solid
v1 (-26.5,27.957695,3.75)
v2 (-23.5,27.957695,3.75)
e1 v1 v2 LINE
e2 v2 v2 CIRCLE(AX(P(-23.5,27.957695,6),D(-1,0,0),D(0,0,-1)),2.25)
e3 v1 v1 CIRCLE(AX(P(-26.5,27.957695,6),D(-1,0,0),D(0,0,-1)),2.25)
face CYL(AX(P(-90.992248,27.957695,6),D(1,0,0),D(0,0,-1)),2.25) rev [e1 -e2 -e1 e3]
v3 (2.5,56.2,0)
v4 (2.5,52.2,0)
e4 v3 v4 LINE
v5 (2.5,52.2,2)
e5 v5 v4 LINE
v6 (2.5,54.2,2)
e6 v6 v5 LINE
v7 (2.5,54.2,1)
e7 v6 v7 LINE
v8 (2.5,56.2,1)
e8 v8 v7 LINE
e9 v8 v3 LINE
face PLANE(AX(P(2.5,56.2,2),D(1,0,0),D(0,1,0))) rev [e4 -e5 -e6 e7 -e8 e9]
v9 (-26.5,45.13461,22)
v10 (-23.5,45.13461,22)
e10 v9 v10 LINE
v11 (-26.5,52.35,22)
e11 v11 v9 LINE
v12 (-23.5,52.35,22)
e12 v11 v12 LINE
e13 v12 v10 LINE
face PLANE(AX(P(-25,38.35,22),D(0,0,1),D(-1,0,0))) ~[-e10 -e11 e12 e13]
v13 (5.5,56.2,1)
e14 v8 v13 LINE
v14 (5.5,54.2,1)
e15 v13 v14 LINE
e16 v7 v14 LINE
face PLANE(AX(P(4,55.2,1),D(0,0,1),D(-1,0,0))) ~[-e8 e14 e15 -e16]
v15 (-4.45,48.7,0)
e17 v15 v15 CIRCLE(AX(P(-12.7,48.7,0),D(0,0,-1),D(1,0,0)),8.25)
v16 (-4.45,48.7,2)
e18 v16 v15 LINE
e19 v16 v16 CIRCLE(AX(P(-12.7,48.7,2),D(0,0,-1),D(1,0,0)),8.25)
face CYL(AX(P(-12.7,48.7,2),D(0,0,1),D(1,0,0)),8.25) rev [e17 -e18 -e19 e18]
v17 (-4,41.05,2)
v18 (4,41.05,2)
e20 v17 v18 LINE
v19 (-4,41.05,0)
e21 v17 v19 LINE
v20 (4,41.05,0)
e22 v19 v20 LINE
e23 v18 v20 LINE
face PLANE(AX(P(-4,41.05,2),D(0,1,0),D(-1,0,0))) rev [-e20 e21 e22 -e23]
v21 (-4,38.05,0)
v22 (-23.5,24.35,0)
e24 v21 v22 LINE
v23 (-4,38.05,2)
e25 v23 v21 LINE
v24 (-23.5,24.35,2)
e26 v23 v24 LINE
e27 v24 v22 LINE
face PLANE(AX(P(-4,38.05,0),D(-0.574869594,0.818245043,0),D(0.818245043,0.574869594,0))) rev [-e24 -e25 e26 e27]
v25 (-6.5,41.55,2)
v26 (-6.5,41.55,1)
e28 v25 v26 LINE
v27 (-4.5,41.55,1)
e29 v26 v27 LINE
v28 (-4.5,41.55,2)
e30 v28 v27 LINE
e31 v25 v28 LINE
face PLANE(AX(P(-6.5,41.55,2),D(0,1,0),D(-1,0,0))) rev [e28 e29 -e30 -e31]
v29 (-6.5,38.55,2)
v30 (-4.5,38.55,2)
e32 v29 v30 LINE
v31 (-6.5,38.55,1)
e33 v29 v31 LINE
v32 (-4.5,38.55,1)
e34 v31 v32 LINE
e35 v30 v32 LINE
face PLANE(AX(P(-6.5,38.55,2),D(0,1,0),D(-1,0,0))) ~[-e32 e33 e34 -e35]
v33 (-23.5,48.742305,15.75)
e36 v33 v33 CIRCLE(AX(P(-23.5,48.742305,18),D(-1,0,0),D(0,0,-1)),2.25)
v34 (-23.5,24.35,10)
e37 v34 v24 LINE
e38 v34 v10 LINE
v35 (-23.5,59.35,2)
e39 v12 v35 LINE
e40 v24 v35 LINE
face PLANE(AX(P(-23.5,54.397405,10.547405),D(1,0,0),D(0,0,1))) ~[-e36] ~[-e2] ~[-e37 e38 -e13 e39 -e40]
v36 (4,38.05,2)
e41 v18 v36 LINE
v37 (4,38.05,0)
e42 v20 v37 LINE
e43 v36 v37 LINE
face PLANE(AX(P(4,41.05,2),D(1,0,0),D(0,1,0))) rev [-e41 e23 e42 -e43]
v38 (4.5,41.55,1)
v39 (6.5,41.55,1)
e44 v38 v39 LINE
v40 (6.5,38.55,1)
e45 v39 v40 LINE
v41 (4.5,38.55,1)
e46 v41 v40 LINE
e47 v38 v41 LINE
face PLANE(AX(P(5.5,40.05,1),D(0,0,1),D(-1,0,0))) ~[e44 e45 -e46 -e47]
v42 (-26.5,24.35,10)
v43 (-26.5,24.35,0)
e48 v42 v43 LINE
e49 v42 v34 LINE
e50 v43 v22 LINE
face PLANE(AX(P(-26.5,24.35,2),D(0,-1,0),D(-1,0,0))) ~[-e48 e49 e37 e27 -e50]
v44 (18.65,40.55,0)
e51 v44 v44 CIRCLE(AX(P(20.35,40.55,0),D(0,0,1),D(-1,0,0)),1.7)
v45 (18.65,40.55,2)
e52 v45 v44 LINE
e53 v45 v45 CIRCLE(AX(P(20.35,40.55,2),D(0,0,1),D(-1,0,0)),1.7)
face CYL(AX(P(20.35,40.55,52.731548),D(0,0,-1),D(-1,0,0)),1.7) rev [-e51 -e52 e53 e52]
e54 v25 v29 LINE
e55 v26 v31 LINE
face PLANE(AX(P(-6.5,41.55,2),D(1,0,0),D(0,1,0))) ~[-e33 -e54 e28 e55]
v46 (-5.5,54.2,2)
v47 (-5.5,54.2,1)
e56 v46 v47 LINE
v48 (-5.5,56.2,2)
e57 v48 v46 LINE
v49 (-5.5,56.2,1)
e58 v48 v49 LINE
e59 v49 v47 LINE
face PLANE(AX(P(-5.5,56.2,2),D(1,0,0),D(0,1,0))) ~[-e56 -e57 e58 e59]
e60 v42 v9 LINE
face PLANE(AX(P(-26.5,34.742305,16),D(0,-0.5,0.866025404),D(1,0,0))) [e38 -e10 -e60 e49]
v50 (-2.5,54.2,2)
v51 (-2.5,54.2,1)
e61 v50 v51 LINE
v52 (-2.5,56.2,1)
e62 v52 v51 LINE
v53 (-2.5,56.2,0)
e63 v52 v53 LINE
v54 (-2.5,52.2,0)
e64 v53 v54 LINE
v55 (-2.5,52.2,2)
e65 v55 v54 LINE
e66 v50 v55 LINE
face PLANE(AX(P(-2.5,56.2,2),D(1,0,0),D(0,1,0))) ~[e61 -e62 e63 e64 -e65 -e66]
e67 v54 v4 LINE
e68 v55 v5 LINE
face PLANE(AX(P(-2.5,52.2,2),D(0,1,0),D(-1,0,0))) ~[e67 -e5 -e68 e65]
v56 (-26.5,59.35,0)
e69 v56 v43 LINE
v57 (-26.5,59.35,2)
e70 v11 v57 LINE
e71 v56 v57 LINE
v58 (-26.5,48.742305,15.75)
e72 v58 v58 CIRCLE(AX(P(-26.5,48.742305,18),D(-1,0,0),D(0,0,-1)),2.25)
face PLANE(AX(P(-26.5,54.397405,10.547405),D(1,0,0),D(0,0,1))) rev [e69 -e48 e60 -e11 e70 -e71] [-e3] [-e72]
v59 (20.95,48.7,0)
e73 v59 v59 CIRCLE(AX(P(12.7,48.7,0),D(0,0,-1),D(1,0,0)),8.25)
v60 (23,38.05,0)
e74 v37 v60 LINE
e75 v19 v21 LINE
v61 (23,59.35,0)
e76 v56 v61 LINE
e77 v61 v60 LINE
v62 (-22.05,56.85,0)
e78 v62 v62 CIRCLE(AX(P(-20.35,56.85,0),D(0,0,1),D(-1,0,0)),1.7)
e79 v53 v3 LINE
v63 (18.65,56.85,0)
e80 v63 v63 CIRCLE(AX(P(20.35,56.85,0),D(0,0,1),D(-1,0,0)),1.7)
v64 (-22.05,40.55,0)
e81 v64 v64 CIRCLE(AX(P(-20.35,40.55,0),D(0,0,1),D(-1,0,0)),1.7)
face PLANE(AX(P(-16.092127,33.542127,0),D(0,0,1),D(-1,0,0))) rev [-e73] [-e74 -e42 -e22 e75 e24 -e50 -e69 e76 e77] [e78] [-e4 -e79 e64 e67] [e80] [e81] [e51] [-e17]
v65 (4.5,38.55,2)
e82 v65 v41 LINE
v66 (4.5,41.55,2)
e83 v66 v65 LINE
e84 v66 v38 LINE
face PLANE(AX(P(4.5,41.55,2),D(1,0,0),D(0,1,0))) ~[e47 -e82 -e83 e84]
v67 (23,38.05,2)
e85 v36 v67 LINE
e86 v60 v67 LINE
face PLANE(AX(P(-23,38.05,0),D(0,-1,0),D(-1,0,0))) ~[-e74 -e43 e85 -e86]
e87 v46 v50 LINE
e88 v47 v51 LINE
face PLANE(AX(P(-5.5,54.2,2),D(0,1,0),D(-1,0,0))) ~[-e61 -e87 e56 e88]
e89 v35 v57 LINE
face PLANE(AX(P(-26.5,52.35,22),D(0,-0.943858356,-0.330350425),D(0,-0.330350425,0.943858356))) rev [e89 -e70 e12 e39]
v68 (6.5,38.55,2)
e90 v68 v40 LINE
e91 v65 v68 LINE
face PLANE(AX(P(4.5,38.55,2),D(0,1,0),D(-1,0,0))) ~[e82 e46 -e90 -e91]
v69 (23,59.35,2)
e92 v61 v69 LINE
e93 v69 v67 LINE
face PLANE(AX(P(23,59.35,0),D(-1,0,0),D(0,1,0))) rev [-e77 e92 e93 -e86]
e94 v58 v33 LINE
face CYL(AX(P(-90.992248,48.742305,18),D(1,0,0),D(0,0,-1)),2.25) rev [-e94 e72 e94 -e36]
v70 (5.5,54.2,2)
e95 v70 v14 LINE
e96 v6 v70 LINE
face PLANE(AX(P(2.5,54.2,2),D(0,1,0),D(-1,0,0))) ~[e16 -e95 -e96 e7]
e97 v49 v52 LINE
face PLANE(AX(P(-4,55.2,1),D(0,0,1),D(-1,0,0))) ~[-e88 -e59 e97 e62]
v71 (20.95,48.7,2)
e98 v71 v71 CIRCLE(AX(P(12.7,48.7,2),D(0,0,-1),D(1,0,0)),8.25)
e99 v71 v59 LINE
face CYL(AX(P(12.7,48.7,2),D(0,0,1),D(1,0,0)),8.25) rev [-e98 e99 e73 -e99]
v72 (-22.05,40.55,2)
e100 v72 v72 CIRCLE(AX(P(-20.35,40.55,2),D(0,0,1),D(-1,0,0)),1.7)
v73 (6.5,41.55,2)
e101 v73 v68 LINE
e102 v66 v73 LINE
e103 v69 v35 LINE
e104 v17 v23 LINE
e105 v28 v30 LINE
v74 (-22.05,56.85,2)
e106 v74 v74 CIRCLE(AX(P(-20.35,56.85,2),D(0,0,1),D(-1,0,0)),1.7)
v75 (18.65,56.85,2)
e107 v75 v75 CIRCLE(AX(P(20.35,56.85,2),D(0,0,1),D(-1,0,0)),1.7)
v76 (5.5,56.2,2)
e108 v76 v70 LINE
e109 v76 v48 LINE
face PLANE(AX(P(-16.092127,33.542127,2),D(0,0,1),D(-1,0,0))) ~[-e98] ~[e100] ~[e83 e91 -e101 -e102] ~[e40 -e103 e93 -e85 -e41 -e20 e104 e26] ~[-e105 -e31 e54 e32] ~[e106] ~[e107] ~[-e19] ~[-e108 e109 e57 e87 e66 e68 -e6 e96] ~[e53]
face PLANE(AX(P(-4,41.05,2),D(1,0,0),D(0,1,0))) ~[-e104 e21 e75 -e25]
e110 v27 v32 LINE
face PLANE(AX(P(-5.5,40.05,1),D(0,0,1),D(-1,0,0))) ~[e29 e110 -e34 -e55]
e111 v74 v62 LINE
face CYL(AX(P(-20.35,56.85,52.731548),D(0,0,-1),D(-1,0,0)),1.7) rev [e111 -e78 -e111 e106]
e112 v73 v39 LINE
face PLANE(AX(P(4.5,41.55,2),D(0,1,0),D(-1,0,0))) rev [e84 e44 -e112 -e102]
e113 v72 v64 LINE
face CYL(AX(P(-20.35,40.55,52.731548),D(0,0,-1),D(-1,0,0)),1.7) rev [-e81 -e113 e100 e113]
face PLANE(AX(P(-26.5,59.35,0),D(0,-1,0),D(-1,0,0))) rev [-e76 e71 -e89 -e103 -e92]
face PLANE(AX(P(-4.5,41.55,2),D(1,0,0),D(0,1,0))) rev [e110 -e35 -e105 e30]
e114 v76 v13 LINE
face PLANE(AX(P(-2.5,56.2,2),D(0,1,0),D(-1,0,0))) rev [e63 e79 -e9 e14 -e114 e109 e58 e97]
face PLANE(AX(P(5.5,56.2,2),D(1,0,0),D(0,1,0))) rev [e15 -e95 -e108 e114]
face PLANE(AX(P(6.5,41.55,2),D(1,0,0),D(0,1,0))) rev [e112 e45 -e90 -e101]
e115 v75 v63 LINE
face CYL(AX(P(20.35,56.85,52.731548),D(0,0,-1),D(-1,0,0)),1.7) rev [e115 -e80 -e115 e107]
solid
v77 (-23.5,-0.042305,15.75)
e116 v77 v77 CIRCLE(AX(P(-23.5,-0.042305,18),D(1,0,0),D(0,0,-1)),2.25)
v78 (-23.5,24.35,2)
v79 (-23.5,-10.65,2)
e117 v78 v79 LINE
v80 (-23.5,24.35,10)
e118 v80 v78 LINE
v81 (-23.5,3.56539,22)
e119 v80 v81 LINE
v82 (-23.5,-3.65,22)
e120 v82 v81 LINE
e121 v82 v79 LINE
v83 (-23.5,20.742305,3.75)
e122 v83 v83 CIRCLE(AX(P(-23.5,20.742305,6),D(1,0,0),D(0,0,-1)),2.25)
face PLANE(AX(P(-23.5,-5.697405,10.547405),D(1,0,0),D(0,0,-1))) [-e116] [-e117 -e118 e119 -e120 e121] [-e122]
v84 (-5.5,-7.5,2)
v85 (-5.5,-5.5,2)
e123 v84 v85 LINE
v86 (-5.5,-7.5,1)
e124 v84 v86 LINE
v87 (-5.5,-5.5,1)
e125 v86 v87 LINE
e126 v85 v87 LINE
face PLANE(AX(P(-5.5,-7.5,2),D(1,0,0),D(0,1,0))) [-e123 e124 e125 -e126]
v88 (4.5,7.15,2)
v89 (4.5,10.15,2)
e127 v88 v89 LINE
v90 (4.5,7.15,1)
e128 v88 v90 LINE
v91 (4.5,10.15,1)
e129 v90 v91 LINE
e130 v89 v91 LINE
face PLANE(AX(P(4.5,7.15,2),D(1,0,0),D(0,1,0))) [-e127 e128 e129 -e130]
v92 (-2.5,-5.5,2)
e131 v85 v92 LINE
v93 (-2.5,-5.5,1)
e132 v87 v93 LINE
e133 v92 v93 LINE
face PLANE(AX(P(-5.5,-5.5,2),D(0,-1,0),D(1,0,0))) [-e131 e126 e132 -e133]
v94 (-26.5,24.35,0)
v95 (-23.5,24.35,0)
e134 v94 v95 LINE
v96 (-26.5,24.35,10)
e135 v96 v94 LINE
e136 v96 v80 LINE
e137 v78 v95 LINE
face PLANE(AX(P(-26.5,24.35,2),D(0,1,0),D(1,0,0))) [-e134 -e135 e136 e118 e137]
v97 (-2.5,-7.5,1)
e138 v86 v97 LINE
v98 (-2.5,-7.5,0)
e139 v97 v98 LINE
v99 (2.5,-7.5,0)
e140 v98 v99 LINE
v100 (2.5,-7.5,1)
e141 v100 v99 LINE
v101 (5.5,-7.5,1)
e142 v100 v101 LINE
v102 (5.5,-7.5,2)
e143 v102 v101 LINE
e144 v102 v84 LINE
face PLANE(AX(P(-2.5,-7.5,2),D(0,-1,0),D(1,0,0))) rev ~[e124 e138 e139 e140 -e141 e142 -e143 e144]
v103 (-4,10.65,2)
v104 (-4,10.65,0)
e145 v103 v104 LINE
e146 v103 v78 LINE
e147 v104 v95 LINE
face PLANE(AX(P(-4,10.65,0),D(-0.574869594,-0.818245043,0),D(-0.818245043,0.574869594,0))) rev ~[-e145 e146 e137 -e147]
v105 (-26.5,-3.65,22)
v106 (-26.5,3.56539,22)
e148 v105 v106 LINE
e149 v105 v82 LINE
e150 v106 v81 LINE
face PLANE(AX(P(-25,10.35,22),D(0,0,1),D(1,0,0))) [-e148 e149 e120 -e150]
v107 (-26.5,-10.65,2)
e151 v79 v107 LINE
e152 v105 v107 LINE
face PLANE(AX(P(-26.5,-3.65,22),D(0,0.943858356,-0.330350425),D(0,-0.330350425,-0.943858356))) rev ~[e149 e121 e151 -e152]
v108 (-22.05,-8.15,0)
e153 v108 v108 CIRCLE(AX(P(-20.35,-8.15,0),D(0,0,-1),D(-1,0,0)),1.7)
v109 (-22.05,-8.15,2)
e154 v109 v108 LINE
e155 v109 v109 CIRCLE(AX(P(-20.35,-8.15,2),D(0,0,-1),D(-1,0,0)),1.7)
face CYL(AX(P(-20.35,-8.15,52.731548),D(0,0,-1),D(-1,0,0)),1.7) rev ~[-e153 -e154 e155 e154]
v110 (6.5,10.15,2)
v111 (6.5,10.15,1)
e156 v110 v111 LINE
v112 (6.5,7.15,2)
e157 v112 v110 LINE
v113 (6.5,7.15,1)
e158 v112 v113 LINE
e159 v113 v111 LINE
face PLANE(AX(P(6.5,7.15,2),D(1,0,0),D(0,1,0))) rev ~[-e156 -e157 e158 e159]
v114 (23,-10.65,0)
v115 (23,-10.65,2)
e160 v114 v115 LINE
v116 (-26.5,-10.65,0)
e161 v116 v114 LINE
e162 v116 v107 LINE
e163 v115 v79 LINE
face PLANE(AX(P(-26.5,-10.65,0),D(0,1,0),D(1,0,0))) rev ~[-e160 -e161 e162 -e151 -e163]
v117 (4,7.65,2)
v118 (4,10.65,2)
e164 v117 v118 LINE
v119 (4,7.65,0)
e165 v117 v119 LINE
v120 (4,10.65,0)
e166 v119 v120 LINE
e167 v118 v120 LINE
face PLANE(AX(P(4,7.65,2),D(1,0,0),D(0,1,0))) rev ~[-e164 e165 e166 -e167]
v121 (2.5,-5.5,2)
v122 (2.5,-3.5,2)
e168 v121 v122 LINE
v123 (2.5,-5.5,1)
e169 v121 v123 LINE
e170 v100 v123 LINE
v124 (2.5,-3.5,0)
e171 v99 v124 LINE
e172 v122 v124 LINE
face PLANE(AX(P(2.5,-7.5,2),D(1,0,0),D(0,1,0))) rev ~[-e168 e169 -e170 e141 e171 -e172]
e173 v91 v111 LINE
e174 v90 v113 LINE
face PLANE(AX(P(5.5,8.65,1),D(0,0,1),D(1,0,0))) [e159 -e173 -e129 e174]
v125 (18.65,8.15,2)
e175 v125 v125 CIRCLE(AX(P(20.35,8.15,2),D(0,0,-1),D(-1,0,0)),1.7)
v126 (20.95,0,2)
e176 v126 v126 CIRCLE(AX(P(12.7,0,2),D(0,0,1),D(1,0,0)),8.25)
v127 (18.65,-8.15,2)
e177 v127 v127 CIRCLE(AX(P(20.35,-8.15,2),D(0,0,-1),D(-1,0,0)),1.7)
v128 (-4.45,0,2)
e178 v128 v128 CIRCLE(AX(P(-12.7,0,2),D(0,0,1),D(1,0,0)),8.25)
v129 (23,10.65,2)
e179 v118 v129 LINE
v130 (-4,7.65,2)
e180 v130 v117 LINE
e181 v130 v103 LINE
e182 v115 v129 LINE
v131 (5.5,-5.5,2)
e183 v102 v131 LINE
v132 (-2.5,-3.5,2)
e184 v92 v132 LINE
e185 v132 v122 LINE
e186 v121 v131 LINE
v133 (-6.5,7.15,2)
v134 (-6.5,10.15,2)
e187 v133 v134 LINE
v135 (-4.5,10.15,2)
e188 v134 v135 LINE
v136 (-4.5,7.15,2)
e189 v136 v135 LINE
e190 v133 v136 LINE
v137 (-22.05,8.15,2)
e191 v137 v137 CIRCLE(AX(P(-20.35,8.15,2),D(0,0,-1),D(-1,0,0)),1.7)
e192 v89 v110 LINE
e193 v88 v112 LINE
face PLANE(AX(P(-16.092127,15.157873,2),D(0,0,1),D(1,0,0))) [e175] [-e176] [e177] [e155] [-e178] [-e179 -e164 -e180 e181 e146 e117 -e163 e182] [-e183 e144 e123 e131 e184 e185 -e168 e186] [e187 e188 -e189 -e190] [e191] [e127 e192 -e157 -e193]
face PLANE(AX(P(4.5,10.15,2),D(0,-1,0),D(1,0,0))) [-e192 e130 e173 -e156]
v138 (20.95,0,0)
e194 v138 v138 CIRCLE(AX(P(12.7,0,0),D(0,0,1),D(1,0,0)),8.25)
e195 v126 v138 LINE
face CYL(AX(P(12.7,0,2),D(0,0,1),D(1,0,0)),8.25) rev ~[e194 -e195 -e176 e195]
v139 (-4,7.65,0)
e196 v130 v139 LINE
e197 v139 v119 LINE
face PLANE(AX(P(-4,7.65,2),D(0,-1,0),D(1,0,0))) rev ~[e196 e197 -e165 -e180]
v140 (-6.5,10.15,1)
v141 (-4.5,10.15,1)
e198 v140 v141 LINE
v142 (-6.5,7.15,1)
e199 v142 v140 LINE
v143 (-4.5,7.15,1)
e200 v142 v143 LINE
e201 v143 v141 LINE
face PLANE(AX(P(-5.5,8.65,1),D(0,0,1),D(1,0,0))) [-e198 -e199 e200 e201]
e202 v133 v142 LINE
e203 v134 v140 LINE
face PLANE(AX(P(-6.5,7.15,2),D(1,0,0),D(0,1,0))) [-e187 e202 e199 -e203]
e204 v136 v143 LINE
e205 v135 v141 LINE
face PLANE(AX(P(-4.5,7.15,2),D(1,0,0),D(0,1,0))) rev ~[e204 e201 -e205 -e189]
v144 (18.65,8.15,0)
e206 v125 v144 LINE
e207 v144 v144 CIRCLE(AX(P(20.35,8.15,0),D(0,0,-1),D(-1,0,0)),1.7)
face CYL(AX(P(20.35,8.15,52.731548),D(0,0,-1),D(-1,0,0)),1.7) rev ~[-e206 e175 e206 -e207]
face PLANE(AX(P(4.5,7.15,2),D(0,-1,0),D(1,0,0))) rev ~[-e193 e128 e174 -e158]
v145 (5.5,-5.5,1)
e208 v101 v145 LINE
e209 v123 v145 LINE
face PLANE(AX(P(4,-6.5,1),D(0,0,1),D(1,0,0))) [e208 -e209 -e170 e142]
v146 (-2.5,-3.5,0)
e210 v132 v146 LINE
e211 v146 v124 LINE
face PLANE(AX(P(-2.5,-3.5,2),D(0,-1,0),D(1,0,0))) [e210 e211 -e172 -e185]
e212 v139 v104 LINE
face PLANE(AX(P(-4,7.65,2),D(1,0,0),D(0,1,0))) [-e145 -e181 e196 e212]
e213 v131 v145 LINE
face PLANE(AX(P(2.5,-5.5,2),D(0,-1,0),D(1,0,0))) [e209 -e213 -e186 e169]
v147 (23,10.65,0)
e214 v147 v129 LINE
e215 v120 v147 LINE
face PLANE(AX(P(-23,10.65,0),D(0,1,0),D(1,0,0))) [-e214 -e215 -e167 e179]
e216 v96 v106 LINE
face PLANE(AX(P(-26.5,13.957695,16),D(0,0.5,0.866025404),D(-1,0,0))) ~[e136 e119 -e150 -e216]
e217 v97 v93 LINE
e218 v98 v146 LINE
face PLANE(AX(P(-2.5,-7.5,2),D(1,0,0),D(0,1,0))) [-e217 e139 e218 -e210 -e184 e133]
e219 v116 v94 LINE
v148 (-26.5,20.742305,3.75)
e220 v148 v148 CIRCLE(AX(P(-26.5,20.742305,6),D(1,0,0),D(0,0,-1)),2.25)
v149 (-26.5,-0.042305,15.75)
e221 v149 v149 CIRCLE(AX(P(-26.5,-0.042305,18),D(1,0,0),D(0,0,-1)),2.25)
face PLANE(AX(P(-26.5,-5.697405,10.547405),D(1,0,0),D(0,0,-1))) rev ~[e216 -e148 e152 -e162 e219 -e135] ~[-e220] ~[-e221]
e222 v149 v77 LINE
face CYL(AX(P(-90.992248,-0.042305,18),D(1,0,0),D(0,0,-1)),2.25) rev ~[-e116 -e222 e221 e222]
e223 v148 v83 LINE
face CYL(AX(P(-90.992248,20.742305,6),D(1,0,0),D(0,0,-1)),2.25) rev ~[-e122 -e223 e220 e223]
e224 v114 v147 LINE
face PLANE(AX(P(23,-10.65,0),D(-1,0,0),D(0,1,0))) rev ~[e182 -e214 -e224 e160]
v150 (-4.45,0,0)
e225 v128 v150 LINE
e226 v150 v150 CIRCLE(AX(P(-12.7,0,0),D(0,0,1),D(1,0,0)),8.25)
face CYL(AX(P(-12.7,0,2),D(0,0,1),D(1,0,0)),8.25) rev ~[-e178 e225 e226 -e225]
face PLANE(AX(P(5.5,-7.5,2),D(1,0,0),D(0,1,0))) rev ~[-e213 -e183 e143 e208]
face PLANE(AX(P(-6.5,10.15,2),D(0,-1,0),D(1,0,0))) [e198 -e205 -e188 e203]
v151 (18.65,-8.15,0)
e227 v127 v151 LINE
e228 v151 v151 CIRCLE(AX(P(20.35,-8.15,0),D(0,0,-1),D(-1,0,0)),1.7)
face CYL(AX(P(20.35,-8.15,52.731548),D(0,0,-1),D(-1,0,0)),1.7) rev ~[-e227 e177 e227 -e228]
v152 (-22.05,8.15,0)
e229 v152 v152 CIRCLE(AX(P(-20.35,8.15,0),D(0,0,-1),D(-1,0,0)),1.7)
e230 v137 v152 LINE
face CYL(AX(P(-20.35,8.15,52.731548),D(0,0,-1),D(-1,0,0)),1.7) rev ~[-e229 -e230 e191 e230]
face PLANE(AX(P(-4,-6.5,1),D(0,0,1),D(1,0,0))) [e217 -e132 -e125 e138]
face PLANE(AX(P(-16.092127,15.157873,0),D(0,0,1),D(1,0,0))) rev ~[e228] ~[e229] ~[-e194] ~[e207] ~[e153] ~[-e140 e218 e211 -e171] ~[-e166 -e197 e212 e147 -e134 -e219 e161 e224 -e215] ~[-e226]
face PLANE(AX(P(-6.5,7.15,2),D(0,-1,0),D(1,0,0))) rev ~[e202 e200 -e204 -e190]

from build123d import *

# Parameters (mm, degrees)
SKETCH_1_W          = 46
SKETCH_1_H          = 21.3
EXTRUDE_1_DEPTH     = 2
SKETCH_2_R          = 8.25
CUT_EXTRUDE_1_DEPTH = 3
SKETCH_3_W          = 8
SKETCH_3_H          = 3
CUT_EXTRUDE_2_DEPTH = 3
SKETCH_4_W          = 5
SKETCH_4_H          = 4
CUT_EXTRUDE_3_DEPTH = 3
SKETCH_5_W          = 3
SKETCH_5_H          = 2
SKETCH_5_W_2        = 2
SKETCH_5_H_2        = 3
CUT_EXTRUDE_4_DEPTH = 1
HOLE_WIZARD_M3_1_D  = 3.4
SKETCH_11_W         = 2
SKETCH_11_H         = 21.3
EXTRUDE_4_DEPTH     = 0.5
SKETCH_12_W         = 3
SKETCH_12_H         = 35
EXTRUDE_5_DEPTH     = 2
SKETCH_17_W         = 3
SKETCH_17_H         = 28
EXTRUDE_8_DEPTH     = 20
HOLE_WIZARD_M4_2_D  = 4.5
EXTRUDE_9_DEPTH     = 3
CHAMFER_1_SIZE      = 12
CHAMFER_1_SIZE2     = 20.784609691
EXTRUDE_10_DEPTH    = 2


with BuildPart() as part:
    # 草圖1 → 填料-伸長1 (new body)
    with BuildSketch(Plane.XY):
        Rectangle(SKETCH_1_W, SKETCH_1_H)
    extrude(amount=EXTRUDE_1_DEPTH)

    # 草圖2 → 除料-伸長1 (cut, through all)
    with BuildSketch(Plane.XY.offset(2)):
        with Locations((-12.7, 0)):
            Circle(SKETCH_2_R)
        with Locations((12.7, 0)):
            Circle(SKETCH_2_R)
    extrude(amount=-CUT_EXTRUDE_1_DEPTH, mode=Mode.SUBTRACT)

    # 草圖3 → 除料-伸長2 (cut, through all)
    with BuildSketch(Plane.XY.offset(2)):
        with Locations((0, 9.15)):
            Rectangle(SKETCH_3_W, SKETCH_3_H)
    extrude(amount=-CUT_EXTRUDE_2_DEPTH, mode=Mode.SUBTRACT)

    # 草圖4 → 除料-伸長3 (cut, through all)
    with BuildSketch(Plane.XY.offset(2)):
        with Locations((0, -5.5)):
            Rectangle(SKETCH_4_W, SKETCH_4_H)
    extrude(amount=-CUT_EXTRUDE_3_DEPTH, mode=Mode.SUBTRACT)

    # 草圖5 → 除料-伸長4 (cut)
    with BuildSketch(Plane.XY.offset(2)):
        with Locations((4, -6.5)):
            Rectangle(SKETCH_5_W, SKETCH_5_H)
        with Locations((-5.5, 8.65)):
            Rectangle(SKETCH_5_W_2, SKETCH_5_H_2)
        with Locations((5.5, 8.65)):
            Rectangle(SKETCH_5_W_2, SKETCH_5_H_2)
        with Locations((-4, -6.5)):
            Rectangle(SKETCH_5_W, SKETCH_5_H)
    extrude(amount=-CUT_EXTRUDE_4_DEPTH, mode=Mode.SUBTRACT)

    # M3 餘隙孔1 (through all)
    with Locations(Plane.XY.offset(2)):
        with Locations((20.35, 8.15), (-20.35, -8.15), (-20.35, 8.15), (20.35, -8.15)):
            Hole(HOLE_WIZARD_M3_1_D / 2)

    # 草圖11 → 填料-伸長4 (add)
    with BuildSketch(Plane.ZY.offset(23)):
        with Locations((1, 0)):
            Rectangle(SKETCH_11_W, SKETCH_11_H)
    extrude(amount=EXTRUDE_4_DEPTH)

    # 草圖12 → 填料-伸長5 (add)
    with BuildSketch(Plane.XY):
        with Locations((-25, 6.85)):
            Rectangle(SKETCH_12_W, SKETCH_12_H)
    extrude(amount=EXTRUDE_5_DEPTH)

    # 草圖17 → 填料-伸長8 (add)
    with BuildSketch(Plane.XY.offset(2)):
        with Locations((-25, 10.35)):
            Rectangle(SKETCH_17_W, SKETCH_17_H)
    extrude(amount=EXTRUDE_8_DEPTH)

    # M4 餘隙孔2 (through all)
    with Locations(Plane.ZY.offset(26.5)):
        with Locations((6, 20.742304845), (18, -0.042304845)):
            Hole(HOLE_WIZARD_M4_2_D / 2)

    # 草圖22 → 填料-伸長9 (add)
    with BuildSketch(Plane.ZY.offset(26.5)):
        Polygon((22, -3.65), (2, -10.65), (2, -3.65), align=None)
    extrude(amount=-EXTRUDE_9_DEPTH)

    # 導角1
    chamfer_1_edges = [part.edges().sort_by_distance(p)[0] for p in [
        (-25, 24.35, 22),
    ]]
    chamfer_1_side = [part.faces().sort_by_distance(p)[0] for p in [
        (-25, 24.35, 11),
    ]]
    chamfer(chamfer_1_edges, length=CHAMFER_1_SIZE, length2=CHAMFER_1_SIZE2, reference=chamfer_1_side[0])

    # 草圖23 → 填料-伸長10 (add)
    with BuildSketch(Plane(origin=(0, 0, 0), x_dir=(-1, 0, 0), z_dir=(0, 0, -1))):
        Polygon((4, 10.65), (23.5, 24.35), (23.5, 10.65), align=None)
    extrude(amount=-EXTRUDE_10_DEPTH)


with BuildPart() as body_2:
    # 鏡射1: mirrored copy
    add(part.part.mirror(Plane.ZX.offset(24.35)))


solid = Compound([part.part, body_2.part])
